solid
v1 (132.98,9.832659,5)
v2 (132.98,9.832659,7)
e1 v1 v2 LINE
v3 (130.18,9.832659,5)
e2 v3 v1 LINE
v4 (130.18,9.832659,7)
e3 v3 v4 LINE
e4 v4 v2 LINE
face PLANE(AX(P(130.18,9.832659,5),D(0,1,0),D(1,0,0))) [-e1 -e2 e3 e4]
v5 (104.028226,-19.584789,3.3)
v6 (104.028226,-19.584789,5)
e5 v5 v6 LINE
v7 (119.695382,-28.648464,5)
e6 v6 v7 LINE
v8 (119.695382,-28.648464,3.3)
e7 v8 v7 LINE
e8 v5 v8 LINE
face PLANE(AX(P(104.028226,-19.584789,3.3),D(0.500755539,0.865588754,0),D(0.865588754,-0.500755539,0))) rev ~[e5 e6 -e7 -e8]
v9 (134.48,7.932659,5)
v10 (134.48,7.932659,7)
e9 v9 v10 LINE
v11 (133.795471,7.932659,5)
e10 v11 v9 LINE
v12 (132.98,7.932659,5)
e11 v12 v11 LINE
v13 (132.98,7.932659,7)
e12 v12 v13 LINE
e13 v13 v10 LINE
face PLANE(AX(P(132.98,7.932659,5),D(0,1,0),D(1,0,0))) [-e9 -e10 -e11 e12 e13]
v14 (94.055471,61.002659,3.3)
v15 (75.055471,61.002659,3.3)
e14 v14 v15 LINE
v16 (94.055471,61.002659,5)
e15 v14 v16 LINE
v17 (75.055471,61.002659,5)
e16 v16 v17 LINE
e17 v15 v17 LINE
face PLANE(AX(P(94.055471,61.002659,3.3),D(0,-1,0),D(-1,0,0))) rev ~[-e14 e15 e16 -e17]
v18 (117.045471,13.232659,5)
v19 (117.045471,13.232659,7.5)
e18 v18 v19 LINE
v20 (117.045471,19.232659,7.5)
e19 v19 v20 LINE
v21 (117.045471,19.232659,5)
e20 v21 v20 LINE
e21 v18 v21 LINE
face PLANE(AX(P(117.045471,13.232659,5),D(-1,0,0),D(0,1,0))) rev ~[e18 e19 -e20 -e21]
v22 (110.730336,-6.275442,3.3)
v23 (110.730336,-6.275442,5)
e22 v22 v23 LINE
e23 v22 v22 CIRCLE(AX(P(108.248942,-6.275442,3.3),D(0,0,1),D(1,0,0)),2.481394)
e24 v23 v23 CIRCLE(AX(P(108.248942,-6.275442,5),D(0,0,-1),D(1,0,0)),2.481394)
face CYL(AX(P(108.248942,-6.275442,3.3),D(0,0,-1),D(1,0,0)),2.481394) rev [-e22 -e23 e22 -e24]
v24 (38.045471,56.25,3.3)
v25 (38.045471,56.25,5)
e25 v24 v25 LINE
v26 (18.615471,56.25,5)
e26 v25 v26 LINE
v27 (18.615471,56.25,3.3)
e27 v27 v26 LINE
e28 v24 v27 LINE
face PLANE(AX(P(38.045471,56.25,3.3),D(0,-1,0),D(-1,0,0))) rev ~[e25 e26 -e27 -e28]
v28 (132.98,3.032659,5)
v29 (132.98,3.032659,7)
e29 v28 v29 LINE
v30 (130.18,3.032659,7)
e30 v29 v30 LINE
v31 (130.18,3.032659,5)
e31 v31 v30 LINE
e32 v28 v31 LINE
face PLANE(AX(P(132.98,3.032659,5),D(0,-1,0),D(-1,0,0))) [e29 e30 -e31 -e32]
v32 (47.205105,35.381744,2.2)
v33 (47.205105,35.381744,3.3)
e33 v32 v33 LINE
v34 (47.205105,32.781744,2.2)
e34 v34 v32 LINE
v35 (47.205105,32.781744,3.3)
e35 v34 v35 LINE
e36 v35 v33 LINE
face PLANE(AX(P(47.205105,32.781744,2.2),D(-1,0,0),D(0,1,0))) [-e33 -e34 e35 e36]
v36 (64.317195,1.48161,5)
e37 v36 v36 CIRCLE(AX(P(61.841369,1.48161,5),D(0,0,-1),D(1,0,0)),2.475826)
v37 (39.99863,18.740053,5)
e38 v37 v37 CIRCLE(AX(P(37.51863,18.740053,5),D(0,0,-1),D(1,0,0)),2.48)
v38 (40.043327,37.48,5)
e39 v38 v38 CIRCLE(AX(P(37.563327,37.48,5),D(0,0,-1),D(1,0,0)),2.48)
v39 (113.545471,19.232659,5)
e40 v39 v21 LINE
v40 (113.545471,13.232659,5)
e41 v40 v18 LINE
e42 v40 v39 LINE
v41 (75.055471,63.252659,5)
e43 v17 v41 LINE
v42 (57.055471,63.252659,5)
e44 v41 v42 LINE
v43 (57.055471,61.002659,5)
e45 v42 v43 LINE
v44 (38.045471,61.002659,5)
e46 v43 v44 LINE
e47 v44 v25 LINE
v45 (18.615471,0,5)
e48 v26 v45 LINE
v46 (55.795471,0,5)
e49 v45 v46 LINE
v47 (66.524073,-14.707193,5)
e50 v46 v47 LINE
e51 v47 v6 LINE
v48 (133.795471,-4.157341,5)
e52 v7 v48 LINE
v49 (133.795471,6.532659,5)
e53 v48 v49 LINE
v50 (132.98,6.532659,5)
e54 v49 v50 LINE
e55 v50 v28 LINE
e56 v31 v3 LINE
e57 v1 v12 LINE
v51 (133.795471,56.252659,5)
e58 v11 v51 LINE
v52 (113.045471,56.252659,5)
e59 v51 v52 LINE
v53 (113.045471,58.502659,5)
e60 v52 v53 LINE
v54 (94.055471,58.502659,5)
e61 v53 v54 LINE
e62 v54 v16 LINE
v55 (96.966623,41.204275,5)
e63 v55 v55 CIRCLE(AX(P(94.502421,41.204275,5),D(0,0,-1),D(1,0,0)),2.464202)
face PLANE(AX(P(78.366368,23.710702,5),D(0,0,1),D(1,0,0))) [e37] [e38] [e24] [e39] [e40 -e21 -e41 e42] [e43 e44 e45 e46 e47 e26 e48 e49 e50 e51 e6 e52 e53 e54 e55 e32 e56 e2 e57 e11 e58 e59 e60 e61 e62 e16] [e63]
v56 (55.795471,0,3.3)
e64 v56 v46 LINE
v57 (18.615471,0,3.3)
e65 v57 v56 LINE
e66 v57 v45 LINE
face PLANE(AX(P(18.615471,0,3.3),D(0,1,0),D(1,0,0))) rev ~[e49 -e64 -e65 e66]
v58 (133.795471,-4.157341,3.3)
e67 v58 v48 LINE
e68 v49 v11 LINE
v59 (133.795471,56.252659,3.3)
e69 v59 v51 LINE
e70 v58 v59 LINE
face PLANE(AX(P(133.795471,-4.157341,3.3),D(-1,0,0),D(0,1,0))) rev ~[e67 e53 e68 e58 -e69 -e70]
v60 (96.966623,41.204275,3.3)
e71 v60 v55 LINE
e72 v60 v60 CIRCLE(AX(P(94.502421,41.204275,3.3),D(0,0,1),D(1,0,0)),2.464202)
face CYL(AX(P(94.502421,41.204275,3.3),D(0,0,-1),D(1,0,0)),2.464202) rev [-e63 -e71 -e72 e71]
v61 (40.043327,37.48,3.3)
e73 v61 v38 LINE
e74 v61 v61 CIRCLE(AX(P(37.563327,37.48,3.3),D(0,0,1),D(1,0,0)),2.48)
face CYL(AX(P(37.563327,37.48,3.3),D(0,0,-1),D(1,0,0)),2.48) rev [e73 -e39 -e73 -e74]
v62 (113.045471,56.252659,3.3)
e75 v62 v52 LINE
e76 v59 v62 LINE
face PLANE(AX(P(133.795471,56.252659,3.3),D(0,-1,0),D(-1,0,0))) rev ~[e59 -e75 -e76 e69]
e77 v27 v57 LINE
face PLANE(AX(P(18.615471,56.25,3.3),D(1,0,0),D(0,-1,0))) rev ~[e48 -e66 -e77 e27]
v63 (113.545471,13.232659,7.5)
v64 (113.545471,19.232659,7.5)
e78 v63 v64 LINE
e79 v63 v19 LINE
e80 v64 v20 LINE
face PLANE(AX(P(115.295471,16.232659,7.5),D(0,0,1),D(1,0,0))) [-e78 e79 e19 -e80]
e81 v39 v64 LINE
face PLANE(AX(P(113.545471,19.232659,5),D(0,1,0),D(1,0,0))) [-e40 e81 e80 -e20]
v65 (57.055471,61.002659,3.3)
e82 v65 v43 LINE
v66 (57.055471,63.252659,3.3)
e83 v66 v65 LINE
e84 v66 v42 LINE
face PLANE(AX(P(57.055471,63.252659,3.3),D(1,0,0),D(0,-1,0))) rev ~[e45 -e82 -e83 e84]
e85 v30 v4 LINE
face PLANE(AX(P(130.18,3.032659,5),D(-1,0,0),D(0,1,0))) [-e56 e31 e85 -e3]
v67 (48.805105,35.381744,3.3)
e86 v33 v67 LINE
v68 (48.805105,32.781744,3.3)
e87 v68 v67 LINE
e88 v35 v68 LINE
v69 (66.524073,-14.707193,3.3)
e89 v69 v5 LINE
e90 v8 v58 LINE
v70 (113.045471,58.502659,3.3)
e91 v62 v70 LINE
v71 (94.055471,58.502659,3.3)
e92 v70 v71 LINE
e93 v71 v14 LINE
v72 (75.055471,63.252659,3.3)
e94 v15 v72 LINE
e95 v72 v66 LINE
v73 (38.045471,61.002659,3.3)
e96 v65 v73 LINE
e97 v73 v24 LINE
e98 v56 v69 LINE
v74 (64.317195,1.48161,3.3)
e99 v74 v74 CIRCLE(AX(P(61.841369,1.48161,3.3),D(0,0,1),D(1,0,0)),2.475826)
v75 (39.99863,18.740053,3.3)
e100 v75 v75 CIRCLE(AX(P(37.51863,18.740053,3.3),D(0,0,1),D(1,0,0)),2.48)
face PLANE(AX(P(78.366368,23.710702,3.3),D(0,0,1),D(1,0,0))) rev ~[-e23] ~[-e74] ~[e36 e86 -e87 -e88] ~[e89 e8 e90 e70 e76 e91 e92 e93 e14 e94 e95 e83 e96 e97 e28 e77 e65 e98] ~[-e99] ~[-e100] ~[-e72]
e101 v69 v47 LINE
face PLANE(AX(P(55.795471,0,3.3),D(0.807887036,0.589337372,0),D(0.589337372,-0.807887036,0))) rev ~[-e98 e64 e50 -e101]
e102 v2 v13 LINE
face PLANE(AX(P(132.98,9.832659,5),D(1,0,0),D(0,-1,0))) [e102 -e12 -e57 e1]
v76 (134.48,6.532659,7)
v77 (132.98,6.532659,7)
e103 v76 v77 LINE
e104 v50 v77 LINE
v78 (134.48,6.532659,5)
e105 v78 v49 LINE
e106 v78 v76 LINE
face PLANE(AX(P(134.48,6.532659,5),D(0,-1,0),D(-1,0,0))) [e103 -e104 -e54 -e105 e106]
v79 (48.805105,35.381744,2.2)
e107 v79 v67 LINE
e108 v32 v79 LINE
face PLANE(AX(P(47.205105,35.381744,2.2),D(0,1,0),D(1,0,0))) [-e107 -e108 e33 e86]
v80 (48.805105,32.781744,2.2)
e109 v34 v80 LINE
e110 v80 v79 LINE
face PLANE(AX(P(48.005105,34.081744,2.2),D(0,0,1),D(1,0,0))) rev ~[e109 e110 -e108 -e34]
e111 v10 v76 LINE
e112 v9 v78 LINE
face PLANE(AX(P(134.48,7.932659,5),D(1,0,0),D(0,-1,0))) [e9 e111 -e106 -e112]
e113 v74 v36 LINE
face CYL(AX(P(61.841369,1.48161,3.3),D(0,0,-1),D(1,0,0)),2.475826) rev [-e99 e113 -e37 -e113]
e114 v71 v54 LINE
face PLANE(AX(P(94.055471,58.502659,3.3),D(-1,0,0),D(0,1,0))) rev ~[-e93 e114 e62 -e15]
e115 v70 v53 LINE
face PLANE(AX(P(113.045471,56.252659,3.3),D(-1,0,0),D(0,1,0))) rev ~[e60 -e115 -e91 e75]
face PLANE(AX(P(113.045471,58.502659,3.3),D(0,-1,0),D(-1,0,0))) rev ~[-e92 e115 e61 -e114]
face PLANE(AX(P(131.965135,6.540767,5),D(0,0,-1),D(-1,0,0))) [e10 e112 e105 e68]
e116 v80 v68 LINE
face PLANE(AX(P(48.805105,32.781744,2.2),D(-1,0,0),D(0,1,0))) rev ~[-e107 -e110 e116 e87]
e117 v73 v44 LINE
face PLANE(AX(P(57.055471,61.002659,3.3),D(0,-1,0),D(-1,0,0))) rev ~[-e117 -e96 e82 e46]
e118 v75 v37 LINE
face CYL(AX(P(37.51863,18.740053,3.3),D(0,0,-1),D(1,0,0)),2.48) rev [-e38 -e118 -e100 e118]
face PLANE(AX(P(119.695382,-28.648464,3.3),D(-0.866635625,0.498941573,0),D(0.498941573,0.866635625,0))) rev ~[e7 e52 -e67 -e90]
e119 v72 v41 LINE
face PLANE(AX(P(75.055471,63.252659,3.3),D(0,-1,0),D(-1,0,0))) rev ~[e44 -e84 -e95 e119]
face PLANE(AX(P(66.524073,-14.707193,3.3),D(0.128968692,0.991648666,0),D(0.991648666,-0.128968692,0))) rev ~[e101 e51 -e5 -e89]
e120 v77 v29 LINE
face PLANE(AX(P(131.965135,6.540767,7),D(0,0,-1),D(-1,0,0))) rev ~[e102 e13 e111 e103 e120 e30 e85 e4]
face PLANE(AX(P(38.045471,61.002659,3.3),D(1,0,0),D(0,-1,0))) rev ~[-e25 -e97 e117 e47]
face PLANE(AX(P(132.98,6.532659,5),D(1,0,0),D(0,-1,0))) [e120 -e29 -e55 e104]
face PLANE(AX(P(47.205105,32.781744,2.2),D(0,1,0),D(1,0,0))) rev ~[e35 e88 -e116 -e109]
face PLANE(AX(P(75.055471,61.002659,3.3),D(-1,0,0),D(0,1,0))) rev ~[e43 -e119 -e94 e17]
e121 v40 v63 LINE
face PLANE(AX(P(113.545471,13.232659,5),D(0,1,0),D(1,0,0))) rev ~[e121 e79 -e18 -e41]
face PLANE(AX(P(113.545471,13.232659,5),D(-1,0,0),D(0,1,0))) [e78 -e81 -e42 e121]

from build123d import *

# Parameters (mm, degrees)
PAD011_DEPTH    = 1.7
SKETCH021_R     = 2.475826
SKETCH021_R_2   = 2.481394
SKETCH021_R_3   = 2.464202
SKETCH021_R_4   = 2.48
POCKET021_DEPTH = 2
SKETCH022_W     = 1.6
SKETCH022_H     = 2.6
PAD012_DEPTH    = 1.1
SKETCH025_W     = 3.5
SKETCH025_H     = 6
PAD014_DEPTH    = 2.5
PAD015_DEPTH    = 2


with BuildPart() as part:
    # MirroredSketch016 → Pad011 (new body)
    with BuildSketch(Plane.XY):
        Polygon((18.615471, 0), (55.795471, 0), (66.524073, -14.707193), (104.028226, -19.584789), (119.695382, -28.648464), (133.795471, -4.157341), (133.795471, 56.252659), (113.045471, 56.252659), (113.045471, 58.502659), (94.055471, 58.502659), (94.055471, 61.002659), (75.055471, 61.002659), (75.055471, 63.252659), (57.055471, 63.252659), (57.055471, 61.002659), (38.045471, 61.002659), (38.045471, 56.25), (18.615471, 56.25), align=None)
    extrude(amount=PAD011_DEPTH)

    # Sketch021 → Pocket021 (cut)
    with BuildSketch(Plane.XY):
        with Locations((61.841369, 1.48161)):
            Circle(SKETCH021_R)
        with Locations((108.248942, -6.275442)):
            Circle(SKETCH021_R_2)
        with Locations((94.502421, 41.204275)):
            Circle(SKETCH021_R_3)
        with Locations((37.563327, 37.48)):
            Circle(SKETCH021_R_4)
        with Locations((37.51863, 18.740053)):
            Circle(SKETCH021_R_4)
    extrude(amount=POCKET021_DEPTH, mode=Mode.SUBTRACT)

    # Sketch022 → Pad012 (join)
    with BuildSketch(Plane.XY.offset(-1.1)):
        with Locations((48.005105, 34.081744)):
            Rectangle(SKETCH022_W, SKETCH022_H)
    extrude(amount=PAD012_DEPTH)

    # Sketch025 → Pad014 (join)
    with BuildSketch(Plane(origin=(-22, 35, 1.7), x_dir=(1, 0, 0), z_dir=(0, 0, 1))):
        with Locations((137.295471, -18.767341)):
            Rectangle(SKETCH025_W, SKETCH025_H)
    extrude(amount=PAD014_DEPTH)

    # Sketch026 → Pad015 (join)
    with BuildSketch(Plane.XY.offset(1.7)):
        Polygon((132.98, 3.032659), (130.18, 3.032659), (130.18, 9.832659), (132.98, 9.832659), (132.98, 7.932659), (134.48, 7.932659), (134.48, 6.532659), (132.98, 6.532659), align=None)
    extrude(amount=PAD015_DEPTH)


with BuildPart() as part_1:
    # Body009 placement: moved
    add(part.part.moved(Location((0, 0, 3.3))))


solid = part_1.part
